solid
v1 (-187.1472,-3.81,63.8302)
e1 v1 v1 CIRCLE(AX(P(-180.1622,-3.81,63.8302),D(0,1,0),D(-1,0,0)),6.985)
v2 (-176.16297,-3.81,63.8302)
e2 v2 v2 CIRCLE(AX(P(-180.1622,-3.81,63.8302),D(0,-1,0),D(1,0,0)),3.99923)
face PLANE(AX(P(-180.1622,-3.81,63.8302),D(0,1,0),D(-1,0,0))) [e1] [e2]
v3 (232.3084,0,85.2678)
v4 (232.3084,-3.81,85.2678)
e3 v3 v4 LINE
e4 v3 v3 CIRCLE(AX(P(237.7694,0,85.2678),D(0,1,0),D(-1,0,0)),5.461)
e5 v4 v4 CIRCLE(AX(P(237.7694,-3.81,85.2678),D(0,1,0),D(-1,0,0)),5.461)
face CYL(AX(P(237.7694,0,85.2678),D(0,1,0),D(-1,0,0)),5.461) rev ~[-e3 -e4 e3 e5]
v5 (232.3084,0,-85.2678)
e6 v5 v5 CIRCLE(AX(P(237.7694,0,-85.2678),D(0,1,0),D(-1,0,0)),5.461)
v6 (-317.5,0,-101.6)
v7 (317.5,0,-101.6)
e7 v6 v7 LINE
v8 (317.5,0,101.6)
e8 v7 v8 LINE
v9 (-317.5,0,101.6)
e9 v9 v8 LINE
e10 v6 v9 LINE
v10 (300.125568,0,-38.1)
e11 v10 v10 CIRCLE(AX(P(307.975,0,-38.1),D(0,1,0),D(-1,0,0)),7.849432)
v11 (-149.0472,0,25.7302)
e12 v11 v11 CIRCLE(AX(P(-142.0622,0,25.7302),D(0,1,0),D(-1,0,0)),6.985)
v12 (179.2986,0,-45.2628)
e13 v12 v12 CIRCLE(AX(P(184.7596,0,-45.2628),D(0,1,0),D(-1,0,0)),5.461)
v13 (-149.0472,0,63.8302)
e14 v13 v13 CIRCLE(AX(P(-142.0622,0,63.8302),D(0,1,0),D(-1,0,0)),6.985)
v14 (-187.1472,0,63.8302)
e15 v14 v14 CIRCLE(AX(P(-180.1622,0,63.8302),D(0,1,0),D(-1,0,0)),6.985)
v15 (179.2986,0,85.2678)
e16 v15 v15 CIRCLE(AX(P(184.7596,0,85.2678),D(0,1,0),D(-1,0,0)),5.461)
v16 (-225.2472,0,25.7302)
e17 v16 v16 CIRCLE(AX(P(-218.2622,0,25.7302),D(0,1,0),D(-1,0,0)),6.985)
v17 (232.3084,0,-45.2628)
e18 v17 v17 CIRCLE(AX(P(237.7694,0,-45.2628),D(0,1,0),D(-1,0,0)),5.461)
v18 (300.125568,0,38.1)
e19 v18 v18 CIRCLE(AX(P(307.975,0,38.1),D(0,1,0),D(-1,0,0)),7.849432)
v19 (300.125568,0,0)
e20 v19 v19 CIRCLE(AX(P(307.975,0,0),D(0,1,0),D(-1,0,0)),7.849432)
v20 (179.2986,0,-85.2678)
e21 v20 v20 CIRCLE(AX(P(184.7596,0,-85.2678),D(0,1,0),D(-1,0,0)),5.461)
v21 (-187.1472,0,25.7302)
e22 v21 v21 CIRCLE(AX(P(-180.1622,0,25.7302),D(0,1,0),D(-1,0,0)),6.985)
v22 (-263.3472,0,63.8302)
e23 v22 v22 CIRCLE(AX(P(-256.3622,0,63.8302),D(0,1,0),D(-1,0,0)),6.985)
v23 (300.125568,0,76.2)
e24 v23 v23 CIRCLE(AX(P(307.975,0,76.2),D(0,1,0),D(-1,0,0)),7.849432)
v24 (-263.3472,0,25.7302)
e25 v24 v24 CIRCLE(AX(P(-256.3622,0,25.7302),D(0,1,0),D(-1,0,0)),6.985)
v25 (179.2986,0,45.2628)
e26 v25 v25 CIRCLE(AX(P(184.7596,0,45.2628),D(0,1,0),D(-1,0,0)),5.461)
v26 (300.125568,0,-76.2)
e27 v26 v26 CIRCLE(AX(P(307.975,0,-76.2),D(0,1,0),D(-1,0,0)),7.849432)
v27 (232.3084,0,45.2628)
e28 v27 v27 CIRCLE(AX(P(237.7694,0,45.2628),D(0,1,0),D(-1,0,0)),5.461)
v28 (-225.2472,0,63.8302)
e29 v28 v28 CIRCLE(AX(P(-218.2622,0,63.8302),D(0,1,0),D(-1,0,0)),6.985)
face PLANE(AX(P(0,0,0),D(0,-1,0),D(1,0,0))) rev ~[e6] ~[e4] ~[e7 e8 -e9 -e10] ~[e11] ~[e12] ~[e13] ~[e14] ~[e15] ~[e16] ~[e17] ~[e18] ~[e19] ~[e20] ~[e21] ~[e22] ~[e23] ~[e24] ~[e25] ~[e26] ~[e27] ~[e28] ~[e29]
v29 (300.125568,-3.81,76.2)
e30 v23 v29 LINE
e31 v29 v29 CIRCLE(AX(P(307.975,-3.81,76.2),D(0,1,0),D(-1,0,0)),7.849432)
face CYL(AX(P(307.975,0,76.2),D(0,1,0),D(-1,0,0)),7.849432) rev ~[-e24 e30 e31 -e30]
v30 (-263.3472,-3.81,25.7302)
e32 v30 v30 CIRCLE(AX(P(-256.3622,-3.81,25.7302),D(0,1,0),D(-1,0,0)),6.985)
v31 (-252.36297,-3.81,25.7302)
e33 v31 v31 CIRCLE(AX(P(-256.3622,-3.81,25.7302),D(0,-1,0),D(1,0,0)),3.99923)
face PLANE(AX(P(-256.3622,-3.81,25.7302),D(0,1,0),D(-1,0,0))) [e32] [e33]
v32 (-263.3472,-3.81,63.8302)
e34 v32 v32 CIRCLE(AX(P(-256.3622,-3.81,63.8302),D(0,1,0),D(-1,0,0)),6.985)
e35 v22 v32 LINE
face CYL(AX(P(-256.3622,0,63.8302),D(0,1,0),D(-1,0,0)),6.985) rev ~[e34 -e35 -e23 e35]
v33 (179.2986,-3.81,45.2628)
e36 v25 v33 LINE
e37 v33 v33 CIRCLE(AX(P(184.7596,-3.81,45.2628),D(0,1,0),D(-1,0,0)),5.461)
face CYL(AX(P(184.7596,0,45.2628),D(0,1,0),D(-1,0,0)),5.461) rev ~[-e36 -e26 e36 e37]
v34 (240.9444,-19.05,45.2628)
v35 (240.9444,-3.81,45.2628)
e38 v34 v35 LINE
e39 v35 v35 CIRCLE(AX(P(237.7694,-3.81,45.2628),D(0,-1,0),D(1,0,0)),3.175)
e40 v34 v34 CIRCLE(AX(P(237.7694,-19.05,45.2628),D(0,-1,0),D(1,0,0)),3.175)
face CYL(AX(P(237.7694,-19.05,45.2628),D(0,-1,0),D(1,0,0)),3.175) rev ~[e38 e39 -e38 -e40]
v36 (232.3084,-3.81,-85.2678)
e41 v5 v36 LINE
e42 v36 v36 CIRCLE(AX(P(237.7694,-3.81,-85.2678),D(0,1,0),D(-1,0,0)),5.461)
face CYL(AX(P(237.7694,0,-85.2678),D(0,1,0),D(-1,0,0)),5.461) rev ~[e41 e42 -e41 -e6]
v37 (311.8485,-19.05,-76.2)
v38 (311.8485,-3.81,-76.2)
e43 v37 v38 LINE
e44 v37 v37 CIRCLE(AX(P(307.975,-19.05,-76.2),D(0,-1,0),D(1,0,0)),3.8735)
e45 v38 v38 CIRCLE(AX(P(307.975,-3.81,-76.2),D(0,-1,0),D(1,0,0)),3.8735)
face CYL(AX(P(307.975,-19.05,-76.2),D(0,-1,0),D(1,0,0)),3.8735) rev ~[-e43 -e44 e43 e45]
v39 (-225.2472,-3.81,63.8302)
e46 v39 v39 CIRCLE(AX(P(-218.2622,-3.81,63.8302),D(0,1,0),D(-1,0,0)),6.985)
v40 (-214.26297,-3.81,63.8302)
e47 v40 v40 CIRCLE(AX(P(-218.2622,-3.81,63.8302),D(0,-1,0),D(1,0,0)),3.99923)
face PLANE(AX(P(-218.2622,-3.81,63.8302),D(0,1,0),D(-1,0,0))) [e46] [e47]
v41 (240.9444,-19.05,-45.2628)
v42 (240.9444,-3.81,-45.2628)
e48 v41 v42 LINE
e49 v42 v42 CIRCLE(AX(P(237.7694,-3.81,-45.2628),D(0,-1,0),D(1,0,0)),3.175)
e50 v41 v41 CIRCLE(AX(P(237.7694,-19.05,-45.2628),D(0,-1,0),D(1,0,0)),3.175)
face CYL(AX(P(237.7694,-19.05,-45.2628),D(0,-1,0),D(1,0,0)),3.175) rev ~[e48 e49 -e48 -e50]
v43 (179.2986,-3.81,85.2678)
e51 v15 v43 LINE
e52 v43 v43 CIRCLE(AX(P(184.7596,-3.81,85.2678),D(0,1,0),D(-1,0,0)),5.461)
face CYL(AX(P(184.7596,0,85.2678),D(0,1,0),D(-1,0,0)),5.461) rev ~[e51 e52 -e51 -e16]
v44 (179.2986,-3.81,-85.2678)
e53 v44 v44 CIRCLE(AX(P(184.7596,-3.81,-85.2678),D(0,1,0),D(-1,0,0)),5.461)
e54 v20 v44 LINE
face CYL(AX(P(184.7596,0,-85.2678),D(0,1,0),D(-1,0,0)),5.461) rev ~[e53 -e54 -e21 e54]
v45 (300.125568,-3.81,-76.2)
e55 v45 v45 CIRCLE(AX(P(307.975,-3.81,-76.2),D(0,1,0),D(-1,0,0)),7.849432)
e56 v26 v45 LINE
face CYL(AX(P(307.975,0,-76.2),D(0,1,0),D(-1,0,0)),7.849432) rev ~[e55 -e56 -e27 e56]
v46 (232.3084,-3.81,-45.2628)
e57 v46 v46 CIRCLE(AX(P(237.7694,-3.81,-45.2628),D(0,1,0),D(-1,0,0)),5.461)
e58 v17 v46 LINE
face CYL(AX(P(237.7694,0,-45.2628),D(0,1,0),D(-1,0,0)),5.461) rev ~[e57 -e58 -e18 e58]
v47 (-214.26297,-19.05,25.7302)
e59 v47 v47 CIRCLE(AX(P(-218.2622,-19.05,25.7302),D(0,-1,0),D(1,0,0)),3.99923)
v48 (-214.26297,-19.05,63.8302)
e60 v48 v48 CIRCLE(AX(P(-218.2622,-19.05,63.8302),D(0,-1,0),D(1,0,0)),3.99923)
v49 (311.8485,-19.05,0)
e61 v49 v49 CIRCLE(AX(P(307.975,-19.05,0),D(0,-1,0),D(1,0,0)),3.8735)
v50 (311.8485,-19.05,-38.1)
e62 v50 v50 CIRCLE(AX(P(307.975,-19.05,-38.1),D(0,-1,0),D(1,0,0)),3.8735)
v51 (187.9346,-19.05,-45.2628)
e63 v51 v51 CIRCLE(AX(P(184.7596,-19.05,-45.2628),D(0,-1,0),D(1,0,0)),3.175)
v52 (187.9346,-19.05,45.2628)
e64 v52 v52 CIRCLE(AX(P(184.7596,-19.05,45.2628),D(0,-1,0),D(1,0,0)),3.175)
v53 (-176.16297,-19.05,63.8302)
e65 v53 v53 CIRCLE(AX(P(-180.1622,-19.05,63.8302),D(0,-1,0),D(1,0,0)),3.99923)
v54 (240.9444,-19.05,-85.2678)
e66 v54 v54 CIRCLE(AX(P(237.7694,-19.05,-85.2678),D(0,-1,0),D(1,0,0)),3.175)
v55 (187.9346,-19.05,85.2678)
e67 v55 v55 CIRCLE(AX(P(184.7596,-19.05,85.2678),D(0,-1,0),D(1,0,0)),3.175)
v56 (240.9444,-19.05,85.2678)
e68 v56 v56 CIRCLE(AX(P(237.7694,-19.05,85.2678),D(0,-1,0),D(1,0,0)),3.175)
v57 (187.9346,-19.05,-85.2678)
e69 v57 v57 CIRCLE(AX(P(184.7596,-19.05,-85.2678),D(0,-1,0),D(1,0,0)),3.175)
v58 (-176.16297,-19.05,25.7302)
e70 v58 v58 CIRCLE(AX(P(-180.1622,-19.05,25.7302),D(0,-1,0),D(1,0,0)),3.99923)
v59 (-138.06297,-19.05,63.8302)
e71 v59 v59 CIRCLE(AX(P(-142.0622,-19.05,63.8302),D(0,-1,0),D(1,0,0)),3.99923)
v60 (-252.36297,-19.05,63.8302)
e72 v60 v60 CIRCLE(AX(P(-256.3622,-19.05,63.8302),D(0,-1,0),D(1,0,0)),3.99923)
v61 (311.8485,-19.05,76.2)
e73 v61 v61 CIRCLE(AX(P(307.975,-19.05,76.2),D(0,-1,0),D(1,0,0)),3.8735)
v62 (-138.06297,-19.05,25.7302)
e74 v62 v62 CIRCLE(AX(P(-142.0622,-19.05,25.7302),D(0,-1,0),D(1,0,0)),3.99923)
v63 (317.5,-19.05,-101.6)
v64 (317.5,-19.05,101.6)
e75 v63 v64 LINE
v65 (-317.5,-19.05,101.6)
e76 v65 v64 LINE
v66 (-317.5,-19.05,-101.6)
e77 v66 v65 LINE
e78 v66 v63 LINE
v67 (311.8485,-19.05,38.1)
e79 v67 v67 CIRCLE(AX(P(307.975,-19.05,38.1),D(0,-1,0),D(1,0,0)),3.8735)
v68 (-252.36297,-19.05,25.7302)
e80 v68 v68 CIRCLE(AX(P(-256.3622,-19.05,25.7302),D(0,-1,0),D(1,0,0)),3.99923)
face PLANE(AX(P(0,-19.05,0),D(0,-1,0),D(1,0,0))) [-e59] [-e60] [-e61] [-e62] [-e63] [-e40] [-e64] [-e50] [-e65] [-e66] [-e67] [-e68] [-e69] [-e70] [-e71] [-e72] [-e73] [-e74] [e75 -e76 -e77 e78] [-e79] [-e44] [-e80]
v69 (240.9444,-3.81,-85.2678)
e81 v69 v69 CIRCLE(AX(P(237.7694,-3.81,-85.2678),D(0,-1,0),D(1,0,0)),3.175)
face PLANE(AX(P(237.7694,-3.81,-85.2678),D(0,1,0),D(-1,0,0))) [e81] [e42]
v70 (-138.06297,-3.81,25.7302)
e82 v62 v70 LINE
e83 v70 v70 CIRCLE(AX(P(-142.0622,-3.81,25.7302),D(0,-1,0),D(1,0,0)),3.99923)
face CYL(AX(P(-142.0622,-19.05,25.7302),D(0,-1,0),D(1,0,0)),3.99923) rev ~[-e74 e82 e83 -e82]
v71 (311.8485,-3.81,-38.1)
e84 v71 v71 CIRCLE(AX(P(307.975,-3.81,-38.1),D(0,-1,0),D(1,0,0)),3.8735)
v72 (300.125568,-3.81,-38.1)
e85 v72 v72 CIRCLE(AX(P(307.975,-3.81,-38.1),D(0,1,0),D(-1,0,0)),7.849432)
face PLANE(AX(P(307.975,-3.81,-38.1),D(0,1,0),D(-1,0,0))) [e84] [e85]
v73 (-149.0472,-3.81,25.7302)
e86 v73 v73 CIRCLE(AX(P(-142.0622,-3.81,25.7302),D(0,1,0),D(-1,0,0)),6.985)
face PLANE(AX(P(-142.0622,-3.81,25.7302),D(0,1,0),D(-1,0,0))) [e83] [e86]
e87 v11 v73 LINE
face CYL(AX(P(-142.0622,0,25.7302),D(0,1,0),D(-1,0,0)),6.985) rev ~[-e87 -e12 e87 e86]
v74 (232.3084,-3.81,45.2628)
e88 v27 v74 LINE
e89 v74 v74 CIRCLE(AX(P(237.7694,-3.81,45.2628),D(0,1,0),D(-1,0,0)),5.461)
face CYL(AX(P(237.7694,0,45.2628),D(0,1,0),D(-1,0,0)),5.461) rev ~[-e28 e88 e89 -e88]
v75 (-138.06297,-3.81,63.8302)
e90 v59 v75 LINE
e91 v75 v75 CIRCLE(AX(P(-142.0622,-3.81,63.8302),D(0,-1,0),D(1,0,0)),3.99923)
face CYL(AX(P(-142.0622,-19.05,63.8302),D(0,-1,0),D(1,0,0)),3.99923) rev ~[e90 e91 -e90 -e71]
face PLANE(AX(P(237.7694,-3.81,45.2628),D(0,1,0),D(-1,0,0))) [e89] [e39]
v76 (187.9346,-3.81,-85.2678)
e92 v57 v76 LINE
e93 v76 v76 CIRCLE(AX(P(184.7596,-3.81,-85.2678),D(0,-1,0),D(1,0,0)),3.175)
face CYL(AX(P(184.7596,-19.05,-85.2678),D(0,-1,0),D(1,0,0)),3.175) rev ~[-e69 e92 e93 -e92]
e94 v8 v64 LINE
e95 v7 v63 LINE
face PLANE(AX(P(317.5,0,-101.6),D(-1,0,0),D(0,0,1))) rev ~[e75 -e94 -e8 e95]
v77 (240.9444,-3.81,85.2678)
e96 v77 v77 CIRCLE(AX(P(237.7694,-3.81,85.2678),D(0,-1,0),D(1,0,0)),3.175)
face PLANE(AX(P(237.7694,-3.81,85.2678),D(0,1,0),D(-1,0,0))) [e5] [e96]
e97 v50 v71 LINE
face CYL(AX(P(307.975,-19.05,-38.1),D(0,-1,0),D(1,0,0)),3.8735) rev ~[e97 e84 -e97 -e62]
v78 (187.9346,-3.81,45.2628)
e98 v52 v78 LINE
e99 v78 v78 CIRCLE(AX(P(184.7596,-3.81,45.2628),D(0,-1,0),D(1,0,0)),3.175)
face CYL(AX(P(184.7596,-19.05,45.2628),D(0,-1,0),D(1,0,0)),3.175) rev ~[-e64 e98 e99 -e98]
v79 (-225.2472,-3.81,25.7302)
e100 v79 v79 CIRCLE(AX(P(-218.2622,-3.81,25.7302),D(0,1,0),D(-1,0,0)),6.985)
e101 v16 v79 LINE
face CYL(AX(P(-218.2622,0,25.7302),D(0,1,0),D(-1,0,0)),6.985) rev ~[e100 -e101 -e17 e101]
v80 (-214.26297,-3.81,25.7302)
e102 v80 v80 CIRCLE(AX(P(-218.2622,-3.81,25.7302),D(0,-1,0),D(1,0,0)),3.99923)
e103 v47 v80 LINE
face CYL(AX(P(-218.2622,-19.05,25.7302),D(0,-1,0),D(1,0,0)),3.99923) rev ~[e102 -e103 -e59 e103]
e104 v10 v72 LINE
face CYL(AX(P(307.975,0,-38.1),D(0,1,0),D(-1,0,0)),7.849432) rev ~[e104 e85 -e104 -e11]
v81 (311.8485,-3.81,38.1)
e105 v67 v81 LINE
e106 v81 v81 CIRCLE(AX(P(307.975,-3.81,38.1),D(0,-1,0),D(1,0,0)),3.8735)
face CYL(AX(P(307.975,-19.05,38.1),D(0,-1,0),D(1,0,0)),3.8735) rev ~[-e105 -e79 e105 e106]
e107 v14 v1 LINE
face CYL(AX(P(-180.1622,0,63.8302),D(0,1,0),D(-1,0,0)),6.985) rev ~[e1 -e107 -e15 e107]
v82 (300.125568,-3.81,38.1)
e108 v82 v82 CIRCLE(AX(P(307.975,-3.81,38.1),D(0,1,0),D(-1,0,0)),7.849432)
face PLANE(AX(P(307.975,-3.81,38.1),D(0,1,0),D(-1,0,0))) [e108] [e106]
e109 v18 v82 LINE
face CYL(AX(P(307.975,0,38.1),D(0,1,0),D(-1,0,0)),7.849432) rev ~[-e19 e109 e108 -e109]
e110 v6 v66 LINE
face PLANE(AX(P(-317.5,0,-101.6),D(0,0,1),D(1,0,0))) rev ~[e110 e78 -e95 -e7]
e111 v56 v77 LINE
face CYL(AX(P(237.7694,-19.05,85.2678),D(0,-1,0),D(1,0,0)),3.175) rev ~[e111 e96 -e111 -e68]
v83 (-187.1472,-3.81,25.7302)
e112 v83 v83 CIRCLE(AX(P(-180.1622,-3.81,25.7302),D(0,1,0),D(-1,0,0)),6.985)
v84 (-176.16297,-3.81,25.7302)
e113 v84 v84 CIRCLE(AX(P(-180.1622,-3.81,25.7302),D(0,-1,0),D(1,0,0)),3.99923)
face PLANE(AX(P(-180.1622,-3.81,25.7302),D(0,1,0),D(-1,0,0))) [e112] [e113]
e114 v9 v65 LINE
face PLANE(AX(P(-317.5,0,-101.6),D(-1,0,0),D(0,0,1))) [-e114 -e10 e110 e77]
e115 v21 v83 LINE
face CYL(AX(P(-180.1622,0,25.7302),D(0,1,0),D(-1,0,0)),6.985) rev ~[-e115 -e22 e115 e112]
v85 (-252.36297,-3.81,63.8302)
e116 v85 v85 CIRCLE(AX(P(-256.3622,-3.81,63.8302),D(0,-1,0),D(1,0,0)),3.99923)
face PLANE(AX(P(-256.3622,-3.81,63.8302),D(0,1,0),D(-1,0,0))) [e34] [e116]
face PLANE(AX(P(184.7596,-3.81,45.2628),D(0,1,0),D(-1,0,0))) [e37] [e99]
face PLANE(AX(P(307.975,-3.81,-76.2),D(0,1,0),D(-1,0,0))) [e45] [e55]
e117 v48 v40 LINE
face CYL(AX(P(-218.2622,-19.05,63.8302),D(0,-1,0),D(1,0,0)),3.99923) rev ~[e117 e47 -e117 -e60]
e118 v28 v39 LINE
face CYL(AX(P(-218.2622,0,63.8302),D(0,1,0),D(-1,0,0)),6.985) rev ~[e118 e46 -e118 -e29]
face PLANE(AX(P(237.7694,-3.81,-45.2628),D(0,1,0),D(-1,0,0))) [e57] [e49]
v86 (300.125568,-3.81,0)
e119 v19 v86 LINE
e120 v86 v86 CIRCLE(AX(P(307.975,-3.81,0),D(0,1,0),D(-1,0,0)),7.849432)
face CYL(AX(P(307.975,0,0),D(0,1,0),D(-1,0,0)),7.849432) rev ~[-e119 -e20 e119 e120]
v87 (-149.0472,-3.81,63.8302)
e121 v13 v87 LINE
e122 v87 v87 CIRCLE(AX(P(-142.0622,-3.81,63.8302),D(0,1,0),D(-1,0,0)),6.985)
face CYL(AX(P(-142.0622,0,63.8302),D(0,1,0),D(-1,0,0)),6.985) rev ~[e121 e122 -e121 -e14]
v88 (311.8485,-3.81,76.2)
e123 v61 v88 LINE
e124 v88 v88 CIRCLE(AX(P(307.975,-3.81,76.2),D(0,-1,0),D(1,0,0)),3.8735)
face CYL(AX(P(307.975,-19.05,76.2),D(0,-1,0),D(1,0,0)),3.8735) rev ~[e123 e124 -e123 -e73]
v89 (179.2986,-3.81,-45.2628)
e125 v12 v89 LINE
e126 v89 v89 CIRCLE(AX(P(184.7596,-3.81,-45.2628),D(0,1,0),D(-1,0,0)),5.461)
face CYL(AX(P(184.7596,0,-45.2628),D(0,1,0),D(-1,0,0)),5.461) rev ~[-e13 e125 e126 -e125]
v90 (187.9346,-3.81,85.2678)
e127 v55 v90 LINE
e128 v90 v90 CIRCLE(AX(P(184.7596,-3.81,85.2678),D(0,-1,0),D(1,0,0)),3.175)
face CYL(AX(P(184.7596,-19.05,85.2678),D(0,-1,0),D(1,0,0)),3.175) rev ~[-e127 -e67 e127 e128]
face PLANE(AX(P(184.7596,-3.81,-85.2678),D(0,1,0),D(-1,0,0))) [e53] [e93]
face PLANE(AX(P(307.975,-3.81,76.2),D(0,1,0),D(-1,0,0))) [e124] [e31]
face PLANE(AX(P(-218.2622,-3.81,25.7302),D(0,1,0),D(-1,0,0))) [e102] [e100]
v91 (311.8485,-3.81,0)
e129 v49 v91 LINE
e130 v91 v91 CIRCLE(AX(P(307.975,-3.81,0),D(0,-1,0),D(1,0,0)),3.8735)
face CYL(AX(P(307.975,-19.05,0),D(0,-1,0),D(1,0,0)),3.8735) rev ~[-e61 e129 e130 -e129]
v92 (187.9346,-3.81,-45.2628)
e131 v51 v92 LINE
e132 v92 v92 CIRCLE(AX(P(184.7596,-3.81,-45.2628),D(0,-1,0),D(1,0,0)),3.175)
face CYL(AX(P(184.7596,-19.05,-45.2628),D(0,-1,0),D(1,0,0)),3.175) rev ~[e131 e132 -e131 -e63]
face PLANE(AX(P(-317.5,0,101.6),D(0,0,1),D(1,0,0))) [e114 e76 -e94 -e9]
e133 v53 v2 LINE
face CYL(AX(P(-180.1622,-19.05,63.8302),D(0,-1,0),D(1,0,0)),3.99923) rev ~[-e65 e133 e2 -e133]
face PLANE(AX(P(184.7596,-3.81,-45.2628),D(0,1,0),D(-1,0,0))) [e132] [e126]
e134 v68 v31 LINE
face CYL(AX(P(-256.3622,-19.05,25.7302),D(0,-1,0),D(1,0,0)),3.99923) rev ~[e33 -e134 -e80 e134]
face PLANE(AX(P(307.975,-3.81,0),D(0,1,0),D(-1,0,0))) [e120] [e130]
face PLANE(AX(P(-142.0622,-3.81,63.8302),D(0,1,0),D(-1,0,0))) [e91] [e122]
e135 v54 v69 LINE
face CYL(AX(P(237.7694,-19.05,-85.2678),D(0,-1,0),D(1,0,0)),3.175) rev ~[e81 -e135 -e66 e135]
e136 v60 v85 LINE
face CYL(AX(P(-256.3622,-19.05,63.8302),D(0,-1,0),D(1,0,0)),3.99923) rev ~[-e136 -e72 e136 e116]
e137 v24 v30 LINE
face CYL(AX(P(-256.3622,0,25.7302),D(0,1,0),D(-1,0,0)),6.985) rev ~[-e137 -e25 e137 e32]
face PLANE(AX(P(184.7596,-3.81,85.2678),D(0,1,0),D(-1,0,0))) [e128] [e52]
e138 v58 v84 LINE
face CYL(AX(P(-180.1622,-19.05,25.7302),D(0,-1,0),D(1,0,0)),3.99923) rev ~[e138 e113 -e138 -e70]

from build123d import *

# Parameters (mm, degrees)
F0_W      = 635
F0_H      = 203.2
F1_DEPTH  = 19.05
F2_R      = 3.99923
F3_DEPTH  = 19.051
F4_R      = 3.175
F5_DEPTH  = 19.051
F6_R      = 3.8735
F7_DEPTH  = 19.051
F8_R      = 6.985
F9_DEPTH  = 3.81
F10_R     = 7.849432
F11_DEPTH = 3.81
F12_R     = 5.461
F13_DEPTH = 3.81


with BuildPart() as f1:
    # F0 (on Front) → F1 (new body)
    with BuildSketch(Plane.XZ):
        Rectangle(F0_W, F0_H)
    extrude(amount=F1_DEPTH)

    # F2 (on face) → F3 (cut, through all)
    with BuildSketch(Plane.XZ.offset(19.05)):
        with Locations((-256.3622, 63.8302)):
            Circle(F2_R)
        with Locations((-218.2622, 63.8302)):
            Circle(F2_R)
        with Locations((-180.1622, 63.8302)):
            Circle(F2_R)
        with Locations((-142.0622, 63.8302)):
            Circle(F2_R)
        with Locations((-142.0622, 25.7302)):
            Circle(F2_R)
        with Locations((-180.1622, 25.7302)):
            Circle(F2_R)
        with Locations((-218.2622, 25.7302)):
            Circle(F2_R)
        with Locations((-256.3622, 25.7302)):
            Circle(F2_R)
    extrude(amount=-F3_DEPTH, mode=Mode.SUBTRACT)

    # F4 (on face) → F5 (cut, through all)
    with BuildSketch(Plane.XZ.offset(19.05)):
        with Locations((184.7596, 85.2678)):
            Circle(F4_R)
        with Locations((237.7694, 85.2678)):
            Circle(F4_R)
        with Locations((184.7596, 45.2628)):
            Circle(F4_R)
        with Locations((237.7694, 45.2628)):
            Circle(F4_R)
        with Locations((184.7596, -45.2628)):
            Circle(F4_R)
        with Locations((237.7694, -45.2628)):
            Circle(F4_R)
        with Locations((184.7596, -85.2678)):
            Circle(F4_R)
        with Locations((237.7694, -85.2678)):
            Circle(F4_R)
    extrude(amount=-F5_DEPTH, mode=Mode.SUBTRACT)

    # F6 (on face) → F7 (cut, through all)
    with BuildSketch(Plane.XZ.offset(19.05)):
        with Locations((307.975, 76.2)):
            Circle(F6_R)
        with Locations((307.975, 38.1)):
            Circle(F6_R)
        with Locations((307.975, 0)):
            Circle(F6_R)
        with Locations((307.975, -38.1)):
            Circle(F6_R)
        with Locations((307.975, -76.2)):
            Circle(F6_R)
    extrude(amount=-F7_DEPTH, mode=Mode.SUBTRACT)

    # F8 (on face) → F9 (cut)
    with BuildSketch(Plane(origin=(0, 0, 0), x_dir=(-1, 0, 0), z_dir=(0, 1, 0))):
        with Locations((142.0622, 63.8302)):
            Circle(F8_R)
        with Locations((180.1622, 63.8302)):
            Circle(F8_R)
        with Locations((218.2622, 63.8302)):
            Circle(F8_R)
        with Locations((256.3622, 63.8302)):
            Circle(F8_R)
        with Locations((142.0622, 25.7302)):
            Circle(F8_R)
        with Locations((180.1622, 25.7302)):
            Circle(F8_R)
        with Locations((218.2622, 25.7302)):
            Circle(F8_R)
        with Locations((256.3622, 25.7302)):
            Circle(F8_R)
    extrude(amount=-F9_DEPTH, mode=Mode.SUBTRACT)

    # F10 (on face) → F11 (cut)
    with BuildSketch(Plane(origin=(0, 0, 0), x_dir=(-1, 0, 0), z_dir=(0, 1, 0))):
        with Locations((-307.975, 76.2)):
            Circle(F10_R)
        with Locations((-307.975, 38.1)):
            Circle(F10_R)
        with Locations((-307.975, 0)):
            Circle(F10_R)
        with Locations((-307.975, -38.1)):
            Circle(F10_R)
        with Locations((-307.975, -76.2)):
            Circle(F10_R)
    extrude(amount=-F11_DEPTH, mode=Mode.SUBTRACT)

    # F12 (on face) → F13 (cut)
    with BuildSketch(Plane(origin=(0, 0, 0), x_dir=(-1, 0, 0), z_dir=(0, 1, 0))):
        with Locations((-237.7694, 85.2678)):
            Circle(F12_R)
        with Locations((-184.7596, 85.2678)):
            Circle(F12_R)
        with Locations((-184.7596, 45.2628)):
            Circle(F12_R)
        with Locations((-237.7694, 45.2628)):
            Circle(F12_R)
        with Locations((-237.7694, -45.2628)):
            Circle(F12_R)
        with Locations((-184.7596, -45.2628)):
            Circle(F12_R)
        with Locations((-184.7596, -85.2678)):
            Circle(F12_R)
        with Locations((-237.7694, -85.2678)):
            Circle(F12_R)
    extrude(amount=-F13_DEPTH, mode=Mode.SUBTRACT)


solid = f1.part
